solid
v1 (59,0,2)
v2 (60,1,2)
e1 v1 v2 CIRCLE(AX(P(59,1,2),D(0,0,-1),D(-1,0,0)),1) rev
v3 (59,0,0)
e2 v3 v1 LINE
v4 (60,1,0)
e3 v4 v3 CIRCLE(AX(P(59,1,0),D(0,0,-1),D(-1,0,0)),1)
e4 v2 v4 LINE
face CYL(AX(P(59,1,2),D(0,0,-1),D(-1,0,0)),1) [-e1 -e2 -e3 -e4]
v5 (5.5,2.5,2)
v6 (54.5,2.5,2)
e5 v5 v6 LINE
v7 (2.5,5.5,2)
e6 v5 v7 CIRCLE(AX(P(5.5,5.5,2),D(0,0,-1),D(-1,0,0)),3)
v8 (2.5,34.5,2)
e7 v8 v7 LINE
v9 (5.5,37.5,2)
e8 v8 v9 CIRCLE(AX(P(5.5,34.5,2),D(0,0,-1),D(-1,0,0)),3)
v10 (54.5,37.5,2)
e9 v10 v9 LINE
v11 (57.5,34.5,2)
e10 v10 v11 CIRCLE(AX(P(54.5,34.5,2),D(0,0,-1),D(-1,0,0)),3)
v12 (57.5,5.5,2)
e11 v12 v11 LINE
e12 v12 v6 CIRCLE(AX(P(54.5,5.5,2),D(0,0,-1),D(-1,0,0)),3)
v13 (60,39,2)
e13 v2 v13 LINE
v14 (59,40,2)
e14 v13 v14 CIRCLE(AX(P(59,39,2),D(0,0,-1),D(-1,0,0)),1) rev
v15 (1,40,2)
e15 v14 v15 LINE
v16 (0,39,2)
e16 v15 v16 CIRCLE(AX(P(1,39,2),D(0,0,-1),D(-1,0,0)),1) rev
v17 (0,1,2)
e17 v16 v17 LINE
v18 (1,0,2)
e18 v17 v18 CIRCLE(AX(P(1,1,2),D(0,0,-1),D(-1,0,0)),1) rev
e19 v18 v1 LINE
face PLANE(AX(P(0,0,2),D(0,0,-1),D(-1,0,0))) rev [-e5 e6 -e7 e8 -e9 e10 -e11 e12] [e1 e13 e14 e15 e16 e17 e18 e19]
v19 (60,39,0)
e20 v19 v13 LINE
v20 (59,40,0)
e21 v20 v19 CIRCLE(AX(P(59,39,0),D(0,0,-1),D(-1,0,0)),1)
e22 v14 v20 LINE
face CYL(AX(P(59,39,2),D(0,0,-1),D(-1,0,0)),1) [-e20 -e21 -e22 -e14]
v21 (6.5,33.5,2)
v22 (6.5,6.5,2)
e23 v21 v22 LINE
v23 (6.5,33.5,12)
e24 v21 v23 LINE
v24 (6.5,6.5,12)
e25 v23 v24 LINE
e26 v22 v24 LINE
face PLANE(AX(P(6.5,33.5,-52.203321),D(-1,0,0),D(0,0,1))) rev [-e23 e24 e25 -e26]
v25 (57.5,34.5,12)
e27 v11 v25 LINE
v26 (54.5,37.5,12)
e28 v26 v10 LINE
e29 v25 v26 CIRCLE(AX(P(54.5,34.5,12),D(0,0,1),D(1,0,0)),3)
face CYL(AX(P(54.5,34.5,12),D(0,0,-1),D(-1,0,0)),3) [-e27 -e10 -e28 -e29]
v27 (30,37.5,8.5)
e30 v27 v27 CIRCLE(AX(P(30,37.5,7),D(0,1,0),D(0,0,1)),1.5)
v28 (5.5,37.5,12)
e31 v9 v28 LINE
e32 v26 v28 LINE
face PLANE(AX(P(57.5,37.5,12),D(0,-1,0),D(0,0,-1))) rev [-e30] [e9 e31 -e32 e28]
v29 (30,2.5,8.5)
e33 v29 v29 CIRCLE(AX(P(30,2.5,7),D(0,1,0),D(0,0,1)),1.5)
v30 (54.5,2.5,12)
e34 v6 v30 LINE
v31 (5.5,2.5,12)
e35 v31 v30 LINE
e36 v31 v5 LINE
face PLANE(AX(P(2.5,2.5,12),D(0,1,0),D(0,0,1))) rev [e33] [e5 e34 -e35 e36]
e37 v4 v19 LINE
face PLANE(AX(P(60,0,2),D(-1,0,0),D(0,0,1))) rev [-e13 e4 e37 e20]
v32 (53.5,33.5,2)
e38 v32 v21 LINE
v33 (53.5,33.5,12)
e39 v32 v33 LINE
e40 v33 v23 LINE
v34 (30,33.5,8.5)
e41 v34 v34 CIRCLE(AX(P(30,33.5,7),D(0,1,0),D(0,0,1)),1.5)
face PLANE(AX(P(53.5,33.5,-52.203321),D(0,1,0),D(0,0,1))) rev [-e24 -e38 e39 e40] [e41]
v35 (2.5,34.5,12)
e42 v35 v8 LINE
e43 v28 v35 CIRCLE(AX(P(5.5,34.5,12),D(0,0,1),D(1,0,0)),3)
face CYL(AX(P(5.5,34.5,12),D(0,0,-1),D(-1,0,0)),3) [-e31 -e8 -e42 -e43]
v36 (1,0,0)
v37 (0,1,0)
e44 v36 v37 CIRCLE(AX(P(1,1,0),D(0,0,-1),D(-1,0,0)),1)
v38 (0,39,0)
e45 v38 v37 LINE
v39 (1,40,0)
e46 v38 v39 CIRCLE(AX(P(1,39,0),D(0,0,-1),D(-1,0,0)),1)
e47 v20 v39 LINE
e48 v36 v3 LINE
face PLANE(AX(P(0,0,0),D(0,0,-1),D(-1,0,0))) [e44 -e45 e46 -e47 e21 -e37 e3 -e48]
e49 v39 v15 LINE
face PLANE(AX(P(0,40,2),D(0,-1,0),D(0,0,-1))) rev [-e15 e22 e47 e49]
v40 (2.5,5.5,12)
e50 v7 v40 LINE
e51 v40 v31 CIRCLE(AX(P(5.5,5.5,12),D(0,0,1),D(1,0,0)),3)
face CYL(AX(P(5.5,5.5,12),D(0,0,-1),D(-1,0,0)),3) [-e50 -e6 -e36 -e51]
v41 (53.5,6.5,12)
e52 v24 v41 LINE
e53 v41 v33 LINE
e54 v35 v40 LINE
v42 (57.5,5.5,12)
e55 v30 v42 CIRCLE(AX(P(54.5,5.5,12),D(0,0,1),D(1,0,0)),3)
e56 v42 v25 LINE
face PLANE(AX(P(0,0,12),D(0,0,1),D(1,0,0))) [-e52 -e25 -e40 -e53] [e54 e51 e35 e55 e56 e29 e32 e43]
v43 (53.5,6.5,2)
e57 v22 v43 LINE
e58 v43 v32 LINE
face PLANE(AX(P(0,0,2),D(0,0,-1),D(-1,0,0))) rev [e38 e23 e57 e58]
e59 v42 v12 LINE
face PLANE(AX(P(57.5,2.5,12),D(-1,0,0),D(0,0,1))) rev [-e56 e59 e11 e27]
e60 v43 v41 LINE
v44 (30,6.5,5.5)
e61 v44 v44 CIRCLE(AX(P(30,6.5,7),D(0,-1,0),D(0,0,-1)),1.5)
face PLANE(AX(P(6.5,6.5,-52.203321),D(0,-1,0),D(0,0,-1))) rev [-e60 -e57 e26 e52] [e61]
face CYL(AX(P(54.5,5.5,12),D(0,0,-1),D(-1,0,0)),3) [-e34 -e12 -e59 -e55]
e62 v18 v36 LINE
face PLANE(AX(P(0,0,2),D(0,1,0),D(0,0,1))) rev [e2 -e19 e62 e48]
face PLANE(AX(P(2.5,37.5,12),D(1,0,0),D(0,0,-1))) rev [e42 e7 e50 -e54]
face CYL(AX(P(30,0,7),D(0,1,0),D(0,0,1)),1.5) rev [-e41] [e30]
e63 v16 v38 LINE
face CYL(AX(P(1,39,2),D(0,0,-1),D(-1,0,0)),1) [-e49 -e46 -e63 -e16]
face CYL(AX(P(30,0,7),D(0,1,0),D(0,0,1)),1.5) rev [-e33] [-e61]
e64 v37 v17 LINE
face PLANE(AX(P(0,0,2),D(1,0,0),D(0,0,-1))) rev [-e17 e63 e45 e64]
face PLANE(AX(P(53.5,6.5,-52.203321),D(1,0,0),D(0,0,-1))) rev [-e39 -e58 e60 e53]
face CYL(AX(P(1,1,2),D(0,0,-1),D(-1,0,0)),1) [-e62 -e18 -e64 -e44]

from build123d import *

# Parameters (mm, degrees)
ESQUISSE1_W             = 60
ESQUISSE1_H             = 40
BOSS_EXTRU_1_DEPTH      = 2
ESQUISSE2_W             = 55
ESQUISSE2_H             = 35
BOSS_EXTRU_2_DEPTH      = 10
CONG_1_R                = 3
CONG_2_R                = 1
ESQUISSE3_W             = 47
ESQUISSE3_H             = 27
ENL_V_MAT_EXTRU_1_DEPTH = 10
ESQUISSE4_R             = 1.5
ENL_V_MAT_EXTRU_2_DEPTH = 72.765242283


with BuildPart() as part:
    # Esquisse1 → Boss.-Extru.1 (new body)
    with BuildSketch(Plane.XY):
        with Locations((30, 20)):
            Rectangle(ESQUISSE1_W, ESQUISSE1_H)
    extrude(amount=BOSS_EXTRU_1_DEPTH)

    # Esquisse2 → Boss.-Extru.2 (add)
    with BuildSketch(Plane.XY.offset(2)):
        with Locations((30, 20)):
            Rectangle(ESQUISSE2_W, ESQUISSE2_H)
    extrude(amount=BOSS_EXTRU_2_DEPTH)

    # Congé1
    cong_1_edges = [part.edges().sort_by_distance(p)[0] for p in [
        (57.5, 37.5, 7),
        (2.5, 37.5, 7),
        (2.5, 2.5, 7),
        (57.5, 2.5, 7),
    ]]
    fillet(cong_1_edges, radius=CONG_1_R)

    # Congé2
    cong_2_edges = [part.edges().sort_by_distance(p)[0] for p in [
        (0, 40, 1),
        (60, 40, 1),
        (60, 0, 1),
        (0, 0, 1),
    ]]
    fillet(cong_2_edges, radius=CONG_2_R)

    # Esquisse3 → Enlèv. mat.-Extru.1 (cut)
    with BuildSketch(Plane.XY.offset(12)):
        with Locations((30, 20)):
            Rectangle(ESQUISSE3_W, ESQUISSE3_H)
    extrude(amount=-ENL_V_MAT_EXTRU_1_DEPTH, mode=Mode.SUBTRACT)

    # Esquisse4 → Enlèv. mat.-Extru.2 (cut, through all)
    with BuildSketch(Plane(origin=(0, 37.5, 0), x_dir=(1, 0, 0), z_dir=(0, 1, 0))):
        with Locations(Location((30, -7, 0), (0, 0, 270))):
            Circle(ESQUISSE4_R)
    extrude(amount=-ENL_V_MAT_EXTRU_2_DEPTH, mode=Mode.SUBTRACT)


solid = part.part
